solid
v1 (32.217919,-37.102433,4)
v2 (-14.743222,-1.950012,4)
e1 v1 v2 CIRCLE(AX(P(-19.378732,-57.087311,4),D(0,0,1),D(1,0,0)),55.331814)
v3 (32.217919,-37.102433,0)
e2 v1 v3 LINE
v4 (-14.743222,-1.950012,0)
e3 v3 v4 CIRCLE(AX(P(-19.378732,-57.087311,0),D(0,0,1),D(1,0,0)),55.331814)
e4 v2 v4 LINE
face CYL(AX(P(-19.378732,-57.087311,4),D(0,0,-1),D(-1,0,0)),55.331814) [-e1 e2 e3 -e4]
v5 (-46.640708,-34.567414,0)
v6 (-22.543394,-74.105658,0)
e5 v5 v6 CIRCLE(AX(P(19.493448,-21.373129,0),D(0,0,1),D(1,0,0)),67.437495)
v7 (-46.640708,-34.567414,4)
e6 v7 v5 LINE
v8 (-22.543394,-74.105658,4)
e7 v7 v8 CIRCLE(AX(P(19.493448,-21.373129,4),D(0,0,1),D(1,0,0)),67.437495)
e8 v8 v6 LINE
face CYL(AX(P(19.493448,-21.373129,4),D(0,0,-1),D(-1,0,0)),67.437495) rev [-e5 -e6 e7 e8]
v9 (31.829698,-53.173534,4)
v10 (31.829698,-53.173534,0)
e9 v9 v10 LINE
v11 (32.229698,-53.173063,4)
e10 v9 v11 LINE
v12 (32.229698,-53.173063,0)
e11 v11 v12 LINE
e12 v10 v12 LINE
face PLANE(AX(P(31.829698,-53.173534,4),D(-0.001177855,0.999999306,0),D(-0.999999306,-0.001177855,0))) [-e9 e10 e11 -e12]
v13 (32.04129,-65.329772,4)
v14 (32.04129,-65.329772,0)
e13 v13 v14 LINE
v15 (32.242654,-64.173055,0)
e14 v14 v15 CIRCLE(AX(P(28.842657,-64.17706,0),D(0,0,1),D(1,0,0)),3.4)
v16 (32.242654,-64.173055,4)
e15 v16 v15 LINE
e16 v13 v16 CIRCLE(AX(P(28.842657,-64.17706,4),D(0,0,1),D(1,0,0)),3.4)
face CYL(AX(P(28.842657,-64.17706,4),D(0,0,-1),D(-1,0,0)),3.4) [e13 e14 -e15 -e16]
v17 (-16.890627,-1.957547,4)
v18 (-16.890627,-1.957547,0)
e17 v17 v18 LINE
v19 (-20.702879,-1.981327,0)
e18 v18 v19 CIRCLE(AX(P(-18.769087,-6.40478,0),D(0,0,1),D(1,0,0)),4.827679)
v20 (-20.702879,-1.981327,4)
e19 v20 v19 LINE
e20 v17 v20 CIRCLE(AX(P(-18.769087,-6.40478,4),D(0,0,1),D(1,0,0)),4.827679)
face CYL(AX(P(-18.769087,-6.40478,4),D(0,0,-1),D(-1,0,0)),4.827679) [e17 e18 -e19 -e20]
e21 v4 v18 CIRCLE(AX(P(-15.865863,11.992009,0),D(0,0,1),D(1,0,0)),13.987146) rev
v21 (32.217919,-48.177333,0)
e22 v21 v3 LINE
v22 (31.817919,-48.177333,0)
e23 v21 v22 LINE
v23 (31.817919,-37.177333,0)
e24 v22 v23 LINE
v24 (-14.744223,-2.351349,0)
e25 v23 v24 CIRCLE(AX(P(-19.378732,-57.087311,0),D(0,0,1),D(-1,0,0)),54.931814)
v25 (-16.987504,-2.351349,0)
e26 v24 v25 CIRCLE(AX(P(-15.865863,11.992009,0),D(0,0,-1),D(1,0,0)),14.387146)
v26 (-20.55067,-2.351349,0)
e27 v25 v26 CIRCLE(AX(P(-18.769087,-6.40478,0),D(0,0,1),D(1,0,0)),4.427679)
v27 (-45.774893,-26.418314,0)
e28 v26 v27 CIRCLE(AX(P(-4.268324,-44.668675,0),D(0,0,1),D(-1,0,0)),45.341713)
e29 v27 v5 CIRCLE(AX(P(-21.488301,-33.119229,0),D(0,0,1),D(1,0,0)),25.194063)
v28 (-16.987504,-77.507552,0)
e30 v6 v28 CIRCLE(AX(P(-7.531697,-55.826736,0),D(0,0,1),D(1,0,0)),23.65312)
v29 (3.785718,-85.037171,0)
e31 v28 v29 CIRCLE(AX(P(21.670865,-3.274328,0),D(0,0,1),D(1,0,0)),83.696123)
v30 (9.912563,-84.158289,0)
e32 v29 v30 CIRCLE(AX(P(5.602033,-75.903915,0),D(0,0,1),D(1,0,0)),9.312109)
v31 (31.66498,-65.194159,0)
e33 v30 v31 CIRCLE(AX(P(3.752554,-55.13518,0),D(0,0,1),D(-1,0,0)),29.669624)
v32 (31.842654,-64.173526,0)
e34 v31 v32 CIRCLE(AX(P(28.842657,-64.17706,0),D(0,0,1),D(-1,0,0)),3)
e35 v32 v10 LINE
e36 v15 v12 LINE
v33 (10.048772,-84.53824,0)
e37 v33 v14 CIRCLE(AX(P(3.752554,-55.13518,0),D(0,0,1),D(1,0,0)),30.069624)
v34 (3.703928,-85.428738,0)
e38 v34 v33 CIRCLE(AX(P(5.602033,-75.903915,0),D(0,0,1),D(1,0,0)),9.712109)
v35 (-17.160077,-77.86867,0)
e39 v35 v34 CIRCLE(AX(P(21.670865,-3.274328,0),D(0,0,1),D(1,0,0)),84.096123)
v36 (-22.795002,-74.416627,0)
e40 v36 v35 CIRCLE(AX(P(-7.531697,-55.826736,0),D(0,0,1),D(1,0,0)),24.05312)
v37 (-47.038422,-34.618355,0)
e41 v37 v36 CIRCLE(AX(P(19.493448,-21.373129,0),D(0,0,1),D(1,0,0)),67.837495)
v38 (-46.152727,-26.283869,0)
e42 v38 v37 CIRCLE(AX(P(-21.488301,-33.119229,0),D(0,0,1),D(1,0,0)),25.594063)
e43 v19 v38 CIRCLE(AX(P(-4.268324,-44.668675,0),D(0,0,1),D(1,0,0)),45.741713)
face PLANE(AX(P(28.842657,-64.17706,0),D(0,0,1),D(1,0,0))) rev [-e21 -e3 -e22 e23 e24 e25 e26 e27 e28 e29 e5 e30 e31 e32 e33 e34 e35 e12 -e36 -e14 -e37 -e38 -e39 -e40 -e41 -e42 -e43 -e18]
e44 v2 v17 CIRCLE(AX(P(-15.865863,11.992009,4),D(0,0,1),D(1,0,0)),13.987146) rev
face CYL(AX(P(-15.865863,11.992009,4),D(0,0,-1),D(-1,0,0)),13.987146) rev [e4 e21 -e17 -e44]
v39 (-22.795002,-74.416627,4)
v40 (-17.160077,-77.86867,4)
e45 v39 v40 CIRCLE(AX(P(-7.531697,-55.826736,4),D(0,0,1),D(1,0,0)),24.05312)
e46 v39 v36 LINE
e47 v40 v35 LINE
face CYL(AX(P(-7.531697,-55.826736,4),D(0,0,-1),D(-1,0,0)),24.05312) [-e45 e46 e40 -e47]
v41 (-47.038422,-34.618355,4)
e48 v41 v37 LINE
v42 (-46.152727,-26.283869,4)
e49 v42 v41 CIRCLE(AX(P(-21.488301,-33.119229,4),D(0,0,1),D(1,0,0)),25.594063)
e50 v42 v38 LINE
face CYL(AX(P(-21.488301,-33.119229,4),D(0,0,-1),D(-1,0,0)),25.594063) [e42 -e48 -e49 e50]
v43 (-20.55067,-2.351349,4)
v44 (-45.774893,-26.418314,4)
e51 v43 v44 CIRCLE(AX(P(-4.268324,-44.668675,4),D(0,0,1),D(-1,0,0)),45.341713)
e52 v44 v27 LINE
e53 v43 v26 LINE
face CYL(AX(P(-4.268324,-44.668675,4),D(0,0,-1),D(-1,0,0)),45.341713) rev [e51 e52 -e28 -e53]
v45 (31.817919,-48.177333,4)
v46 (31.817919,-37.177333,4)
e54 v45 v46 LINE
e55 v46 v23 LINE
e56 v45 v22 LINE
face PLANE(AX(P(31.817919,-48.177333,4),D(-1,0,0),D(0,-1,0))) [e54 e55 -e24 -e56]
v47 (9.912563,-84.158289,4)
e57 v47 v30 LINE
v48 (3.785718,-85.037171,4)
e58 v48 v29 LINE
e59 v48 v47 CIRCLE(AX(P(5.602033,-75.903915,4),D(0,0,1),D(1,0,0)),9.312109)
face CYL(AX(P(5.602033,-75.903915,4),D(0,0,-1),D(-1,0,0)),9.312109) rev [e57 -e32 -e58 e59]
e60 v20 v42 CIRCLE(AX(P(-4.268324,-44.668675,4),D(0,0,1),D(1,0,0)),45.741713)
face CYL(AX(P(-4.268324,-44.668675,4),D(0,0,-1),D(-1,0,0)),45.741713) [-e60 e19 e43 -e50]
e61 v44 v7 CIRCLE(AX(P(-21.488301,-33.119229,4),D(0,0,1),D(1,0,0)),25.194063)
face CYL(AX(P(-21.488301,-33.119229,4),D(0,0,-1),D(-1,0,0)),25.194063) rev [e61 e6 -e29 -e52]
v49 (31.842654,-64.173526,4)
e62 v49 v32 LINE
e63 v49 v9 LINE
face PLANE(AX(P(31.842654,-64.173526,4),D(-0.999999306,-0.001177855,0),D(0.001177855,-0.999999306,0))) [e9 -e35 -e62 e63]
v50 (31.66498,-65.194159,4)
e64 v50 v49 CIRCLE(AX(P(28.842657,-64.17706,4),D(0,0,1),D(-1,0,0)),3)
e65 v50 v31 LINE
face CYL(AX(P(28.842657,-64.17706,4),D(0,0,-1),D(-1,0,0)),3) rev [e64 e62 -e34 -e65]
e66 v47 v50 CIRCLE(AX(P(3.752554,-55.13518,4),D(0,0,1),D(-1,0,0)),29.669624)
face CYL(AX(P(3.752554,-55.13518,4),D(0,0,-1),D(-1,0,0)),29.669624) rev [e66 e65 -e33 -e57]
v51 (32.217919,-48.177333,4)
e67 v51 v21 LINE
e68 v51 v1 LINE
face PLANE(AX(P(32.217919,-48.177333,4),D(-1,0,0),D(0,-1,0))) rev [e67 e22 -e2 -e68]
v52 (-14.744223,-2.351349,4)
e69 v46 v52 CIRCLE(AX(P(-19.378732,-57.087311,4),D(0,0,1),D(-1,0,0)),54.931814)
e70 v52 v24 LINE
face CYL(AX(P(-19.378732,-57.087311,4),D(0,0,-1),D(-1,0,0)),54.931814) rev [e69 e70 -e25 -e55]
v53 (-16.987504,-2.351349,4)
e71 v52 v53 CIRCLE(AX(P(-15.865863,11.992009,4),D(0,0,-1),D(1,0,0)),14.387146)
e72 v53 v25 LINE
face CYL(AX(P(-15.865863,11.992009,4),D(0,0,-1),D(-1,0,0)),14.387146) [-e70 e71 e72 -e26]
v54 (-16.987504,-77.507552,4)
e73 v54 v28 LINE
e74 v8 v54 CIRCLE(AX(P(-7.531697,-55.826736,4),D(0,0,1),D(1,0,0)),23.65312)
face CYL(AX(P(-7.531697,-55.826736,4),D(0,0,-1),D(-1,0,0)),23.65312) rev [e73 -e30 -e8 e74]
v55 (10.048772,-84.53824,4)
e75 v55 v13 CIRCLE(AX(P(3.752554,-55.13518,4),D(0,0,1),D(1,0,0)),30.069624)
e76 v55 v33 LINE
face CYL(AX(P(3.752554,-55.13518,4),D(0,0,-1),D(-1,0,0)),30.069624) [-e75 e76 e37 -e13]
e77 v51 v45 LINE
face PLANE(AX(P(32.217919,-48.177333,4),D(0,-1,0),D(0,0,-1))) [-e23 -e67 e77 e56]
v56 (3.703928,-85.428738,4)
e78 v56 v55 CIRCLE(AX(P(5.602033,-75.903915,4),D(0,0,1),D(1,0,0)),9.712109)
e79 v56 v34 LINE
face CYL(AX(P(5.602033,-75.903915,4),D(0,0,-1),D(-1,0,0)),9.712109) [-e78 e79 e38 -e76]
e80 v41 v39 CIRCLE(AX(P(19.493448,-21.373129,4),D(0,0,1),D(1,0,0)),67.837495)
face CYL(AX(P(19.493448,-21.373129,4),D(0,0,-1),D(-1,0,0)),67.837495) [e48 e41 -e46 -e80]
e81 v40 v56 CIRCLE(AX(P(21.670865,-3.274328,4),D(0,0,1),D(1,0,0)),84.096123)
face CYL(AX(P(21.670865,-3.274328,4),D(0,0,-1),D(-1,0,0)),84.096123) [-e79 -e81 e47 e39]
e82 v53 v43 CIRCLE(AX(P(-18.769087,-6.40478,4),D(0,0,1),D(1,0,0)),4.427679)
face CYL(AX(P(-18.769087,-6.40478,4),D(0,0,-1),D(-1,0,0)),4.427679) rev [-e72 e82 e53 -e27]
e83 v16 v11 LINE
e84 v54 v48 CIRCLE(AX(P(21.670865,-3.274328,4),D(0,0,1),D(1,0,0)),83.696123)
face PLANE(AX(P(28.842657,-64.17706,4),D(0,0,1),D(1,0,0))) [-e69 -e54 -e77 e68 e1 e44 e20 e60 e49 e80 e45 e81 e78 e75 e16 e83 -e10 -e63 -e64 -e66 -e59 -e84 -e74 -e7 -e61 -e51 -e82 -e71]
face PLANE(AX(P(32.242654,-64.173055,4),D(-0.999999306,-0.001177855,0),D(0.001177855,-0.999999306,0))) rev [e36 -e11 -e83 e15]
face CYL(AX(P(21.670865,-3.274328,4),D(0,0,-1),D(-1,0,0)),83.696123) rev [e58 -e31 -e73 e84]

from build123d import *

# Parameters (mm, degrees)
EXTRUDE_1_DEPTH = 4


with BuildPart() as part:
    # ｽｹｯﾁ1 → 押し出し-薄板1 (new body)
    with BuildSketch(Plane.XY):
        with BuildLine():
            Line((31.817918932, -48.177333301), (31.817918932, -37.177333301))
            ThreePointArc((31.817918932, -37.177333301), (13.522512959, -13.098535642), (-14.744222733, -2.35134858))
            ThreePointArc((-14.744222733, -2.35134858), (-15.865863397, -2.395137502), (-16.987504061, -2.35134858))
            ThreePointArc((-16.987504061, -2.35134858), (-18.769087239, -1.977100594), (-20.550670416, -2.35134858))
            ThreePointArc((-20.550670416, -2.35134858), (-35.568393968, -11.863545081), (-45.774892731, -26.418313577))
            ThreePointArc((-45.774892731, -26.418313577), (-46.541356838, -30.457424603), (-46.640707903, -34.567414199))
            ThreePointArc((-46.640707903, -34.567414199), (-38.091787933, -56.469515549), (-22.543394241, -74.105658262))
            ThreePointArc((-22.543394241, -74.105658262), (-19.883130575, -75.998799448), (-16.987504061, -77.507551719))
            ThreePointArc((-16.987504061, -77.507551719), (-6.850461885, -81.960889249), (3.785718261, -85.037171284))
            ThreePointArc((3.785718261, -85.037171284), (6.924298505, -85.121668583), (9.912563229, -84.158289278))
            ThreePointArc((9.912563229, -84.158289278), (23.249791669, -77.499086362), (31.664980135, -65.194158528))
            ThreePointArc((31.664980135, -65.194158528), (31.798207183, -64.69156991), (31.842654494, -64.173526282))
            Line((31.842654494, -64.173526282), (31.829698084, -53.173533912))
            Line((31.829698084, -53.173533912), (32.229697806, -53.17306277))
            Line((32.229697806, -53.17306277), (32.242654217, -64.17305514))
            ThreePointArc((32.242654217, -64.17305514), (32.192280597, -64.760171252), (32.041289943, -65.329771685))
            ThreePointArc((32.041289943, -65.329771685), (23.533127113, -77.782723155), (10.048772084, -84.538239753))
            ThreePointArc((10.048772084, -84.538239753), (6.951896278, -85.521759001), (3.703928148, -85.428738073))
            ThreePointArc((3.703928148, -85.428738073), (-6.978540006, -82.339930506), (-17.160076645, -77.868670088))
            ThreePointArc((-17.160076645, -77.868670088), (-20.096654101, -76.337084696), (-22.795002474, -74.416627193))
            ThreePointArc((-22.795002474, -74.416627193), (-38.441353007, -56.664552527), (-47.038422063, -34.618354588))
            ThreePointArc((-47.038422063, -34.618354588), (-46.939059251, -30.414609925), (-46.152726889, -26.283868638))
            ThreePointArc((-46.152726889, -26.283868638), (-35.858331906, -11.587325271), (-20.702879093, -1.981326883))
            ThreePointArc((-20.702879093, -1.981326883), (-18.799199915, -1.577194509), (-16.890627411, -1.957547479))
            ThreePointArc((-16.890627411, -1.957547479), (-15.816780094, -1.995051381), (-14.743222437, -1.950011819))
            ThreePointArc((-14.743222437, -1.950011819), (13.7790296, -12.790893821), (32.217918932, -37.10243314))
            Line((32.217918932, -37.10243314), (32.217918932, -48.177333301))
            Line((32.217918932, -48.177333301), (31.817918932, -48.177333301))
        make_face()
    extrude(amount=EXTRUDE_1_DEPTH)


solid = part.part
